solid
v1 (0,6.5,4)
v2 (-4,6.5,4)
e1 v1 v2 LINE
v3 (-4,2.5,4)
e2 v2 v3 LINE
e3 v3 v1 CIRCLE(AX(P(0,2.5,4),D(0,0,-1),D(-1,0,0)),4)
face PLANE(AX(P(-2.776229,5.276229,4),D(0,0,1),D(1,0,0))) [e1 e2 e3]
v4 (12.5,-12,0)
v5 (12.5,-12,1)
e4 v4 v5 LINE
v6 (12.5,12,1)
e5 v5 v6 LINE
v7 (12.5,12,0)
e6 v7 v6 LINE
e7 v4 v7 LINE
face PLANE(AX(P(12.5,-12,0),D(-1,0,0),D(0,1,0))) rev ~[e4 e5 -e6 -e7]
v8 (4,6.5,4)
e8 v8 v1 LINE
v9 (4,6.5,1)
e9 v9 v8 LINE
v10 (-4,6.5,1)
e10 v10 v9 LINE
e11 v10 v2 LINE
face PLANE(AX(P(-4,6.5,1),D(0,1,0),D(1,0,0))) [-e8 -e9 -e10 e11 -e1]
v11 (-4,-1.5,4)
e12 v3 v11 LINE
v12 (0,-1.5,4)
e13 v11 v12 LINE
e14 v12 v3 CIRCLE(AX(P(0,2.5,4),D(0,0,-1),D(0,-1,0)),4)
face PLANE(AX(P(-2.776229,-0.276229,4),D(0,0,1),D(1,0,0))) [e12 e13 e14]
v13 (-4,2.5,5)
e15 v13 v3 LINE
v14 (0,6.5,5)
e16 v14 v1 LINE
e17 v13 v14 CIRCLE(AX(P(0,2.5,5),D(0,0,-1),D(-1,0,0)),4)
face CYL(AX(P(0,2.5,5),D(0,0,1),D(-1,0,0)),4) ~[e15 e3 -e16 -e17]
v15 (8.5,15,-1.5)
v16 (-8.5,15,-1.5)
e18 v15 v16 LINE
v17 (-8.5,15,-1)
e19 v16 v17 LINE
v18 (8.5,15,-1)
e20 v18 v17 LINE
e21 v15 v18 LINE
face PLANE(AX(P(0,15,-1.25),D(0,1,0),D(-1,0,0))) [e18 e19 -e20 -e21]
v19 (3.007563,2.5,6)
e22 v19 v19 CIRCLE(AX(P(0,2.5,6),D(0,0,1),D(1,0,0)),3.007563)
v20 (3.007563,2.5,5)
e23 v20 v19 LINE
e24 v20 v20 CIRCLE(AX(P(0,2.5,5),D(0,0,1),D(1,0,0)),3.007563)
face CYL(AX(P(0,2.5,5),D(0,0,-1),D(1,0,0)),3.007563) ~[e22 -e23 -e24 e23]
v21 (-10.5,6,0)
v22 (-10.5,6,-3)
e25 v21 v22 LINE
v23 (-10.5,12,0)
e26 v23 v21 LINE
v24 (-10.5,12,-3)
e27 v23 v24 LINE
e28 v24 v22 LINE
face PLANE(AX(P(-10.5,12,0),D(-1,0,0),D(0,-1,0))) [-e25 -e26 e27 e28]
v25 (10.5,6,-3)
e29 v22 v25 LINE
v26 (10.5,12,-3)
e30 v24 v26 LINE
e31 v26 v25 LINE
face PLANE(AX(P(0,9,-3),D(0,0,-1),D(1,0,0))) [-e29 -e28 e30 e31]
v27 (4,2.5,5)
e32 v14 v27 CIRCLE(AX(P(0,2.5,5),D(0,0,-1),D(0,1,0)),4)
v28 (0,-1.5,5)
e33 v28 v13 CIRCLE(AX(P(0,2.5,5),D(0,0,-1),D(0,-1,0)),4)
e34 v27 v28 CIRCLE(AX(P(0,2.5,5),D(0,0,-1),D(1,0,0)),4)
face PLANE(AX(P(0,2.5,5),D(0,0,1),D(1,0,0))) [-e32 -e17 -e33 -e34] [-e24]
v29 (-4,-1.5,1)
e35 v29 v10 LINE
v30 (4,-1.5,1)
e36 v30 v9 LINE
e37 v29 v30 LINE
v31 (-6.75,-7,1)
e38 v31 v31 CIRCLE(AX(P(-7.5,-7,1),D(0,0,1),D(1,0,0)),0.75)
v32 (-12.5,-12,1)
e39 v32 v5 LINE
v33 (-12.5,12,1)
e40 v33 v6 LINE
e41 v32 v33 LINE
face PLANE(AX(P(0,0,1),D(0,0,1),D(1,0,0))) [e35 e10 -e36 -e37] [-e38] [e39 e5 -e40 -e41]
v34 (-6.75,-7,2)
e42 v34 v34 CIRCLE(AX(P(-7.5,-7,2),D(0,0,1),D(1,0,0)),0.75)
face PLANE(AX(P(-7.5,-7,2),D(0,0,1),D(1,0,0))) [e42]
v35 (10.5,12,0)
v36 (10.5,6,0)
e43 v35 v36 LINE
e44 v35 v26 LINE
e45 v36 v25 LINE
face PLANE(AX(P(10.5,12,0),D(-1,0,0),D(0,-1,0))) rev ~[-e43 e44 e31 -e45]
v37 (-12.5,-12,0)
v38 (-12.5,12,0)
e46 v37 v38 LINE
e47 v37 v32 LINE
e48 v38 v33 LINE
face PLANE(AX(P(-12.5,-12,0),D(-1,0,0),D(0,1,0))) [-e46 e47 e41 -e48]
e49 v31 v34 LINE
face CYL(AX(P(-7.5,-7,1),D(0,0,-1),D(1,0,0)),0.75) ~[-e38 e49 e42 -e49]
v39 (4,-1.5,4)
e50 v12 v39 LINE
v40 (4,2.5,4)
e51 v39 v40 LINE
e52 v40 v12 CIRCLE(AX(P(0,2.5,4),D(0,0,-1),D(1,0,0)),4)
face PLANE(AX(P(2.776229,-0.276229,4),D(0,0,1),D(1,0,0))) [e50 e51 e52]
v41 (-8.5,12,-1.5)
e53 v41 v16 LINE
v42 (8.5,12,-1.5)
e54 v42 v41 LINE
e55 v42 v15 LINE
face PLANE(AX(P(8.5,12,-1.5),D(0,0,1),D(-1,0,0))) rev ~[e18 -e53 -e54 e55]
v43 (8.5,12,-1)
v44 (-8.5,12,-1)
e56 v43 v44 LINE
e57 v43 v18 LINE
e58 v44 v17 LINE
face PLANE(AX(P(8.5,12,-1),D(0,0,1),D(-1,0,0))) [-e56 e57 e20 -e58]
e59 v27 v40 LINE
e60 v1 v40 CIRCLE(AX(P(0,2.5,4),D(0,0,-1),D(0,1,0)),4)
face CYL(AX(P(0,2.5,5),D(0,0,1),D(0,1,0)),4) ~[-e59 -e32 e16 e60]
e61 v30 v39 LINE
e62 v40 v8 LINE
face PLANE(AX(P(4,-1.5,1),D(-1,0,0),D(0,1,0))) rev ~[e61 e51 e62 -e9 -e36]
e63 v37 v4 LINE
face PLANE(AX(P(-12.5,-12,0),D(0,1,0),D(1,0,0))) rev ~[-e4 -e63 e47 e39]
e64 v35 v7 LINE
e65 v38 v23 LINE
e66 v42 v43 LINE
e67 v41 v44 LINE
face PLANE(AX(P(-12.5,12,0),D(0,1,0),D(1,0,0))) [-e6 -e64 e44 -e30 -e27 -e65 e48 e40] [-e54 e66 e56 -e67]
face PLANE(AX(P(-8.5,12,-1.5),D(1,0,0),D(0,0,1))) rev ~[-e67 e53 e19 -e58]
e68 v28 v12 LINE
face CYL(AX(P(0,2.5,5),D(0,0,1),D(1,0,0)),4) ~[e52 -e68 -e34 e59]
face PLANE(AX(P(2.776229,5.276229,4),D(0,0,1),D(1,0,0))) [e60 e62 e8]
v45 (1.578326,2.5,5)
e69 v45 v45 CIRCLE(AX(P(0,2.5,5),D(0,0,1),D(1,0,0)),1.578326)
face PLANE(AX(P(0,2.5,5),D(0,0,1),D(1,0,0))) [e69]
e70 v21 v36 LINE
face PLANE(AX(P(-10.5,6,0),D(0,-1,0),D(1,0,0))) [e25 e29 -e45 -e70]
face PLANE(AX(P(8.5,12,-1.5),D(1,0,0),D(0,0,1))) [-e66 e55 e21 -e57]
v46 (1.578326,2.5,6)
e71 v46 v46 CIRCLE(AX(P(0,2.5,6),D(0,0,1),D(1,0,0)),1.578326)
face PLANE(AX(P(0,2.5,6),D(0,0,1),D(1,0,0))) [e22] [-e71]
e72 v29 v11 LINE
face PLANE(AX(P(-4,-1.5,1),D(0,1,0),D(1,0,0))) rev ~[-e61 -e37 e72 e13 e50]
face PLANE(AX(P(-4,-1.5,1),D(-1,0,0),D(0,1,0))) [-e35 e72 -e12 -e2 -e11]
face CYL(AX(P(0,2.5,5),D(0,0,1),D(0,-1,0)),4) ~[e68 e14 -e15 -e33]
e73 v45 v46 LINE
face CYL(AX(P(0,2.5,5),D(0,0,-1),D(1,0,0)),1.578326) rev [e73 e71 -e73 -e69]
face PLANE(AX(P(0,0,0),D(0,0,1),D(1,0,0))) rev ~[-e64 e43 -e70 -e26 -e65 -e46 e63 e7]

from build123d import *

# Parameters (mm, degrees)
F0_W      = 25
F0_H      = 24
F1_DEPTH  = 1
F2_W      = 8
F2_H      = 8
F3_DEPTH  = 4
F5_DEPTH  = 1
F6_R      = 3.0075631212
F6_R_2    = 1.5783263093
F7_DEPTH  = 1
F8_W      = 21
F8_H      = 6
F9_DEPTH  = 3
F10_W     = 17
F10_H     = 0.5
F11_DEPTH = 3
F2_R      = 0.75
F12_DEPTH = 1


with BuildPart() as f1:
    # F0 (on Top) → F1 (new body)
    with BuildSketch(Plane.XY):
        Rectangle(F0_W, F0_H)
    extrude(amount=F1_DEPTH)

    # F2 (on face) → F3 (join)
    with BuildSketch(Plane.XY.offset(1)):
        with Locations((0, 2.5)):
            Rectangle(F2_W, F2_H)
    extrude(amount=F3_DEPTH)

    # F4 (on face) → F5 (cut)
    with BuildSketch(Plane.XY.offset(5)):
        with BuildLine():
            ThreePointArc((0, 6.5), (2.8284271247, 5.3284271247), (4, 2.5))
            Line((4, 2.5), (4, 6.5))
            Line((4, 6.5), (0, 6.5))
        make_face()
        with BuildLine():
            ThreePointArc((-4, 2.5), (-2.8284271247, 5.3284271247), (0, 6.5))
            Line((0, 6.5), (-4, 6.5))
            Line((-4, 6.5), (-4, 2.5))
        make_face()
        with BuildLine():
            Line((-4, -1.5), (0, -1.5))
            ThreePointArc((0, -1.5), (-2.8284271247, -0.3284271247), (-4, 2.5))
            Line((-4, 2.5), (-4, -1.5))
        make_face()
        with BuildLine():
            Line((4, -1.5), (4, 2.5))
            ThreePointArc((4, 2.5), (2.8284271247, -0.3284271247), (0, -1.5))
            Line((0, -1.5), (4, -1.5))
        make_face()
    extrude(amount=-F5_DEPTH, mode=Mode.SUBTRACT)

    # F6 (on face) → F7 (join)
    with BuildSketch(Plane.XY.offset(5)):
        with Locations((0, 2.5)):
            Circle(F6_R)
        with Locations((0, 2.5)):
            Circle(F6_R_2, mode=Mode.SUBTRACT)
    extrude(amount=F7_DEPTH)

    # F8 (on face) → F9 (join)
    with BuildSketch(Plane(origin=(0, 0, 0), x_dir=(1, 0, 0), z_dir=(0, 0, -1))):
        with Locations((0, -9)):
            Rectangle(F8_W, F8_H)
    extrude(amount=F9_DEPTH)

    # F10 (on face) → F11 (join)
    with BuildSketch(Plane(origin=(0, 12, 0), x_dir=(-1, 0, 0), z_dir=(0, 1, 0))):
        with Locations((0, -1.25)):
            Rectangle(F10_W, F10_H)
    extrude(amount=F11_DEPTH)

    # F2 (on face) → F12 (join)
    with BuildSketch(Plane.XY.offset(1)):
        with Locations((-7.5, -7)):
            Circle(F2_R)
    extrude(amount=F12_DEPTH)


solid = f1.part
